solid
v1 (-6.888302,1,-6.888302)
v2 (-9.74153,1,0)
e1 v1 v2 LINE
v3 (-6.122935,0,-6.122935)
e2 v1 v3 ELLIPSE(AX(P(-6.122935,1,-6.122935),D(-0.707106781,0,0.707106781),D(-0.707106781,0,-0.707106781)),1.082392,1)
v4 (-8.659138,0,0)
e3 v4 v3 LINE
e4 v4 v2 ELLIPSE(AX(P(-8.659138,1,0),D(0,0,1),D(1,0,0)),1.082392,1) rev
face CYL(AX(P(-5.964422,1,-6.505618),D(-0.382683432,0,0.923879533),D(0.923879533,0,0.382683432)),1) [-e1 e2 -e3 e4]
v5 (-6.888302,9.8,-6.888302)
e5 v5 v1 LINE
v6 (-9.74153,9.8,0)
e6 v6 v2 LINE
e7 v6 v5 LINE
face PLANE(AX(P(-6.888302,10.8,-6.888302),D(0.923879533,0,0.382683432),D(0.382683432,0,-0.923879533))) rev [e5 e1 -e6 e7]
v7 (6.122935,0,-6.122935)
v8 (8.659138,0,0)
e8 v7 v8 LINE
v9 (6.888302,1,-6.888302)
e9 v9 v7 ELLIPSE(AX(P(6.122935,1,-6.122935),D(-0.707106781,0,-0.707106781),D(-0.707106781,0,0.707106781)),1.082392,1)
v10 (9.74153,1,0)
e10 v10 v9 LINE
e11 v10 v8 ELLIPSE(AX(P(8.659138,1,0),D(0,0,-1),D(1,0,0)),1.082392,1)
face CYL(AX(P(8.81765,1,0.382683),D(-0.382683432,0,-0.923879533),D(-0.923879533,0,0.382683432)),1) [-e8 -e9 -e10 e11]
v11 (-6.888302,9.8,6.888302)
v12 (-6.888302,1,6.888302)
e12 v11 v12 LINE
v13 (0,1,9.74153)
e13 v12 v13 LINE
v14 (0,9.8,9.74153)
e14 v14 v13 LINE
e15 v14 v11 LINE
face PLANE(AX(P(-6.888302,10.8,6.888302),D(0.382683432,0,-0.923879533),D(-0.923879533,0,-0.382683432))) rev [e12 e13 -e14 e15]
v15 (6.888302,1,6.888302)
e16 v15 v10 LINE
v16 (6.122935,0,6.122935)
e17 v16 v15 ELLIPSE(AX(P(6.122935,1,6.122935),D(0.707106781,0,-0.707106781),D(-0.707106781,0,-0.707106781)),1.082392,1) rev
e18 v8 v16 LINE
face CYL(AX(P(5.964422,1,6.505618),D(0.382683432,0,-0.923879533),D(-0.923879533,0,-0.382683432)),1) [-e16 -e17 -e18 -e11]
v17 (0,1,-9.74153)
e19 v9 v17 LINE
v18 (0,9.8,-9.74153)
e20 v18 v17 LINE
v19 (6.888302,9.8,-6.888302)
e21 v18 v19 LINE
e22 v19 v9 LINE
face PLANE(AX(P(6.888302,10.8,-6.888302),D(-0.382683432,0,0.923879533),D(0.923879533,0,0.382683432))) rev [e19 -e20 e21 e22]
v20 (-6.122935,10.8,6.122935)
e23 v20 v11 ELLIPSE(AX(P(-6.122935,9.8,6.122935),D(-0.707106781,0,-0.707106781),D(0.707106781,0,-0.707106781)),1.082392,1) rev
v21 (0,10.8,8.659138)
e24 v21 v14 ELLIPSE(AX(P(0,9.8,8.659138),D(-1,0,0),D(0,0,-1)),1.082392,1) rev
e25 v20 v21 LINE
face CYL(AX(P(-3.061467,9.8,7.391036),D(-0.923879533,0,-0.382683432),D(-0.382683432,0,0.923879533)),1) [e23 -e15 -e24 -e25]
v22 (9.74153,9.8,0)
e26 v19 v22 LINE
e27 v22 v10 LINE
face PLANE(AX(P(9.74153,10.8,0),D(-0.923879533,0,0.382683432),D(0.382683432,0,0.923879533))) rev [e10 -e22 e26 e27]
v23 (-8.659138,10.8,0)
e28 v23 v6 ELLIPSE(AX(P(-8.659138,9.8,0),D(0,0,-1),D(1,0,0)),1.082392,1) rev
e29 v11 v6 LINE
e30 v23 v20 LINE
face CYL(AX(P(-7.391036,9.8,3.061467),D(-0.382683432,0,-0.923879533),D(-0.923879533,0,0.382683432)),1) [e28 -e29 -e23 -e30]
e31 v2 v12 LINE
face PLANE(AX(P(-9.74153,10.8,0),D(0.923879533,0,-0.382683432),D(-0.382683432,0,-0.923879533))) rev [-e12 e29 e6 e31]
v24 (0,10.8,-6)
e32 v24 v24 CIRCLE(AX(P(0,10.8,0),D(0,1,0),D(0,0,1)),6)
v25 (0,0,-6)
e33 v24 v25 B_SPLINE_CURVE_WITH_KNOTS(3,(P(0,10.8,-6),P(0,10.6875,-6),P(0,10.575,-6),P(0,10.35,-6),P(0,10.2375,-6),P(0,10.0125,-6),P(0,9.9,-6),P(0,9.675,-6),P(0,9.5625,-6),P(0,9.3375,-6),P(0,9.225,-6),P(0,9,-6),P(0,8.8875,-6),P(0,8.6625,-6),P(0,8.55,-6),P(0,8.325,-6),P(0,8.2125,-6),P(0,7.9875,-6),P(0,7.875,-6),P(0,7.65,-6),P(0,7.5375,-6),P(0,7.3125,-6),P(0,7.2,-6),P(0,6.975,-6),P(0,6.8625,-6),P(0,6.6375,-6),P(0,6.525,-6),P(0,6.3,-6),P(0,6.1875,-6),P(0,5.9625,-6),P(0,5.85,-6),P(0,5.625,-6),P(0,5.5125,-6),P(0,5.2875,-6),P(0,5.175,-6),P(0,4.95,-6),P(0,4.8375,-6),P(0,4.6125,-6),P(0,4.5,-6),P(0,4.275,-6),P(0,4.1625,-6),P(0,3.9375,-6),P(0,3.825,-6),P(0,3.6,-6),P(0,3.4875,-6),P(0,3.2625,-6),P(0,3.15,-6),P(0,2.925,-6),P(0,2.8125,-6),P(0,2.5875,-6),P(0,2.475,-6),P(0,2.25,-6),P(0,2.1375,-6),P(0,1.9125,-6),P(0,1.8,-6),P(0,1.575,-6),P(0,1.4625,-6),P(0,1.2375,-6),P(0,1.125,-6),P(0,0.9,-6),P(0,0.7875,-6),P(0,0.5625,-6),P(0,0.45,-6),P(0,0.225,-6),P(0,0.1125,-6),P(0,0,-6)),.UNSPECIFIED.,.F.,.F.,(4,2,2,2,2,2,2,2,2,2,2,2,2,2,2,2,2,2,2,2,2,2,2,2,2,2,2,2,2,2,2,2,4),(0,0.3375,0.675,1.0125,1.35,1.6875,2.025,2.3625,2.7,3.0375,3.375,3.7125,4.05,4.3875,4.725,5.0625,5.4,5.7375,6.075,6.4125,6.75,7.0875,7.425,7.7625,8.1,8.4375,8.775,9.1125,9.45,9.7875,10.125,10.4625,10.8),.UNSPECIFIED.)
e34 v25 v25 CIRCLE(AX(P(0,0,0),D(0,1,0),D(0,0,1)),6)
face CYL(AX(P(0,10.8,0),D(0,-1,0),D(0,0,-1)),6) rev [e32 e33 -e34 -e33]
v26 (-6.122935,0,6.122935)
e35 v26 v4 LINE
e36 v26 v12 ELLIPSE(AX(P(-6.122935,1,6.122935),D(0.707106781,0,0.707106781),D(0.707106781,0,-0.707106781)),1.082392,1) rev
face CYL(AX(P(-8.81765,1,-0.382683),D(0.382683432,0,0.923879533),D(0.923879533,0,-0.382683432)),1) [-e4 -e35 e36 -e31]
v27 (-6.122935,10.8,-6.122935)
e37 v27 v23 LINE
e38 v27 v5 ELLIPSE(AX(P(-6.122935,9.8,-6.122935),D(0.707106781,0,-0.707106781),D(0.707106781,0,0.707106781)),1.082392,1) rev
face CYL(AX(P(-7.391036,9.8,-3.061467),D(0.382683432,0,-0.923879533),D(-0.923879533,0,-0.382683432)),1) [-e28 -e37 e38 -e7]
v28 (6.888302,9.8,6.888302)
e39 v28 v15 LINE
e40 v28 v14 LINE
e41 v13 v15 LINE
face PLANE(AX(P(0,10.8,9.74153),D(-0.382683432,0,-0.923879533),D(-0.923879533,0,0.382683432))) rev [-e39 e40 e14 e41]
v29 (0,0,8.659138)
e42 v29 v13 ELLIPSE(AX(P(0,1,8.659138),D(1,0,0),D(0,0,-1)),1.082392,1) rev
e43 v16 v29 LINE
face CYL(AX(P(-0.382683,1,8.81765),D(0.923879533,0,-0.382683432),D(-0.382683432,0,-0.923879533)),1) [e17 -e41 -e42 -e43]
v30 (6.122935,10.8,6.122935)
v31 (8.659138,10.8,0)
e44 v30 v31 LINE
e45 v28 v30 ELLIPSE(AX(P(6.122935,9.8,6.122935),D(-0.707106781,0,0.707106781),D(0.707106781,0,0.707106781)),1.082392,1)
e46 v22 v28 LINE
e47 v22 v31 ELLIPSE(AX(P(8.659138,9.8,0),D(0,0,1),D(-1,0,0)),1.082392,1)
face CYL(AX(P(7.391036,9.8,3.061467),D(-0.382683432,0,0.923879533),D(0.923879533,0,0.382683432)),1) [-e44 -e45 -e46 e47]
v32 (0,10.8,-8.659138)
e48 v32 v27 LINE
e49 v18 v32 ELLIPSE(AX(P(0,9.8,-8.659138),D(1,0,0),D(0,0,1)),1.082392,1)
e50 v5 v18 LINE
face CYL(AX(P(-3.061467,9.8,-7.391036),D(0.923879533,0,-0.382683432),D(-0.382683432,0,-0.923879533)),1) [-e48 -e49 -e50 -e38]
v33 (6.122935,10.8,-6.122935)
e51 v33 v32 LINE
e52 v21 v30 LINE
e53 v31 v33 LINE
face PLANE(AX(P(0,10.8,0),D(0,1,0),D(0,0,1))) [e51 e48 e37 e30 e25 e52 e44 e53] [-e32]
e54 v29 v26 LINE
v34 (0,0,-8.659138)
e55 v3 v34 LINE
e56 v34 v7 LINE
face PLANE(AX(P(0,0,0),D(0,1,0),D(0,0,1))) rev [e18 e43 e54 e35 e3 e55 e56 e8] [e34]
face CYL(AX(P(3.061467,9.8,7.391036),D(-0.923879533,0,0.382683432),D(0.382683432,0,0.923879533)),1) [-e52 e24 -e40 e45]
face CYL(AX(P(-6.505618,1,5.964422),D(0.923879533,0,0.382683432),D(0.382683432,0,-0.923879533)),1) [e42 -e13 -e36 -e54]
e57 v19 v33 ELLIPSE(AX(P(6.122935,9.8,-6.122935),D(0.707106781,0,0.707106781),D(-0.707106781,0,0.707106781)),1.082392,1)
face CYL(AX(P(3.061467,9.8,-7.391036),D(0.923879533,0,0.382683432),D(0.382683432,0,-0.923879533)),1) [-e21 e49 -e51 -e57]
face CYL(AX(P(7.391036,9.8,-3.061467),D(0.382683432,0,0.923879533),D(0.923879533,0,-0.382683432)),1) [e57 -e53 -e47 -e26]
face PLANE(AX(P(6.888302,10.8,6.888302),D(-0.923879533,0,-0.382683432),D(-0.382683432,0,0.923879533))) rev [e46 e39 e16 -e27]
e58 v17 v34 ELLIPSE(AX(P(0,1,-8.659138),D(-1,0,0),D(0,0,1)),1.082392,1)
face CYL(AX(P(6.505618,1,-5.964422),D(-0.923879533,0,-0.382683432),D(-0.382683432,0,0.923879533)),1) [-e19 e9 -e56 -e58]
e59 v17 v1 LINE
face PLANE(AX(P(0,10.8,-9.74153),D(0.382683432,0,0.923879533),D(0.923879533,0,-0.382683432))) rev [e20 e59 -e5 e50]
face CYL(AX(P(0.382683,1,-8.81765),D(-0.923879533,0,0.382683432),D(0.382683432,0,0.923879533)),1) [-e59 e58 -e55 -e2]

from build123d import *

# Parameters (mm, degrees)
SKETCH1_R           = 6
BOSS_EXTRUDE1_DEPTH = 10.8
FILLET1_R           = 1


with BuildPart() as part:
    # Sketch1 → Boss-Extrude1 (new body)
    with BuildSketch(Plane(origin=(0, 0, 0), x_dir=(1, 0, 0), z_dir=(0, 1, 0))):
        Polygon((9.741529803, 0), (6.888301783, 6.888301783), (0, 9.741529803), (-6.888301783, 6.888301783), (-9.741529803, 0), (-6.888301783, -6.888301783), (0, -9.741529803), (6.888301783, -6.888301783), align=None)
        with Locations(Location((0, 0, 0), (0, 0, 90))):
            Circle(SKETCH1_R, mode=Mode.SUBTRACT)
    extrude(amount=BOSS_EXTRUDE1_DEPTH)

    # Fillet1
    fillet1_edges = [part.edges().sort_by_distance(p)[0] for p in [
        (3.444150891, 10.8, -8.314915793),
        (8.314915793, 0, -3.444150891),
        (8.314915793, 0, 3.444150891),
        (-3.444150891, 10.8, -8.314915793),
        (-8.314915793, 10.8, -3.444150891),
        (-8.314915793, 10.8, 3.444150891),
        (-3.444150891, 10.8, 8.314915793),
        (3.444150891, 10.8, 8.314915793),
        (8.314915793, 10.8, 3.444150891),
        (8.314915793, 10.8, -3.444150891),
        (3.444150891, 0, 8.314915793),
        (-3.444150891, 0, 8.314915793),
        (-8.314915793, 0, 3.444150891),
        (-8.314915793, 0, -3.444150891),
        (-3.444150891, 0, -8.314915793),
        (3.444150891, 0, -8.314915793),
    ]]
    fillet(fillet1_edges, radius=FILLET1_R)


solid = part.part
